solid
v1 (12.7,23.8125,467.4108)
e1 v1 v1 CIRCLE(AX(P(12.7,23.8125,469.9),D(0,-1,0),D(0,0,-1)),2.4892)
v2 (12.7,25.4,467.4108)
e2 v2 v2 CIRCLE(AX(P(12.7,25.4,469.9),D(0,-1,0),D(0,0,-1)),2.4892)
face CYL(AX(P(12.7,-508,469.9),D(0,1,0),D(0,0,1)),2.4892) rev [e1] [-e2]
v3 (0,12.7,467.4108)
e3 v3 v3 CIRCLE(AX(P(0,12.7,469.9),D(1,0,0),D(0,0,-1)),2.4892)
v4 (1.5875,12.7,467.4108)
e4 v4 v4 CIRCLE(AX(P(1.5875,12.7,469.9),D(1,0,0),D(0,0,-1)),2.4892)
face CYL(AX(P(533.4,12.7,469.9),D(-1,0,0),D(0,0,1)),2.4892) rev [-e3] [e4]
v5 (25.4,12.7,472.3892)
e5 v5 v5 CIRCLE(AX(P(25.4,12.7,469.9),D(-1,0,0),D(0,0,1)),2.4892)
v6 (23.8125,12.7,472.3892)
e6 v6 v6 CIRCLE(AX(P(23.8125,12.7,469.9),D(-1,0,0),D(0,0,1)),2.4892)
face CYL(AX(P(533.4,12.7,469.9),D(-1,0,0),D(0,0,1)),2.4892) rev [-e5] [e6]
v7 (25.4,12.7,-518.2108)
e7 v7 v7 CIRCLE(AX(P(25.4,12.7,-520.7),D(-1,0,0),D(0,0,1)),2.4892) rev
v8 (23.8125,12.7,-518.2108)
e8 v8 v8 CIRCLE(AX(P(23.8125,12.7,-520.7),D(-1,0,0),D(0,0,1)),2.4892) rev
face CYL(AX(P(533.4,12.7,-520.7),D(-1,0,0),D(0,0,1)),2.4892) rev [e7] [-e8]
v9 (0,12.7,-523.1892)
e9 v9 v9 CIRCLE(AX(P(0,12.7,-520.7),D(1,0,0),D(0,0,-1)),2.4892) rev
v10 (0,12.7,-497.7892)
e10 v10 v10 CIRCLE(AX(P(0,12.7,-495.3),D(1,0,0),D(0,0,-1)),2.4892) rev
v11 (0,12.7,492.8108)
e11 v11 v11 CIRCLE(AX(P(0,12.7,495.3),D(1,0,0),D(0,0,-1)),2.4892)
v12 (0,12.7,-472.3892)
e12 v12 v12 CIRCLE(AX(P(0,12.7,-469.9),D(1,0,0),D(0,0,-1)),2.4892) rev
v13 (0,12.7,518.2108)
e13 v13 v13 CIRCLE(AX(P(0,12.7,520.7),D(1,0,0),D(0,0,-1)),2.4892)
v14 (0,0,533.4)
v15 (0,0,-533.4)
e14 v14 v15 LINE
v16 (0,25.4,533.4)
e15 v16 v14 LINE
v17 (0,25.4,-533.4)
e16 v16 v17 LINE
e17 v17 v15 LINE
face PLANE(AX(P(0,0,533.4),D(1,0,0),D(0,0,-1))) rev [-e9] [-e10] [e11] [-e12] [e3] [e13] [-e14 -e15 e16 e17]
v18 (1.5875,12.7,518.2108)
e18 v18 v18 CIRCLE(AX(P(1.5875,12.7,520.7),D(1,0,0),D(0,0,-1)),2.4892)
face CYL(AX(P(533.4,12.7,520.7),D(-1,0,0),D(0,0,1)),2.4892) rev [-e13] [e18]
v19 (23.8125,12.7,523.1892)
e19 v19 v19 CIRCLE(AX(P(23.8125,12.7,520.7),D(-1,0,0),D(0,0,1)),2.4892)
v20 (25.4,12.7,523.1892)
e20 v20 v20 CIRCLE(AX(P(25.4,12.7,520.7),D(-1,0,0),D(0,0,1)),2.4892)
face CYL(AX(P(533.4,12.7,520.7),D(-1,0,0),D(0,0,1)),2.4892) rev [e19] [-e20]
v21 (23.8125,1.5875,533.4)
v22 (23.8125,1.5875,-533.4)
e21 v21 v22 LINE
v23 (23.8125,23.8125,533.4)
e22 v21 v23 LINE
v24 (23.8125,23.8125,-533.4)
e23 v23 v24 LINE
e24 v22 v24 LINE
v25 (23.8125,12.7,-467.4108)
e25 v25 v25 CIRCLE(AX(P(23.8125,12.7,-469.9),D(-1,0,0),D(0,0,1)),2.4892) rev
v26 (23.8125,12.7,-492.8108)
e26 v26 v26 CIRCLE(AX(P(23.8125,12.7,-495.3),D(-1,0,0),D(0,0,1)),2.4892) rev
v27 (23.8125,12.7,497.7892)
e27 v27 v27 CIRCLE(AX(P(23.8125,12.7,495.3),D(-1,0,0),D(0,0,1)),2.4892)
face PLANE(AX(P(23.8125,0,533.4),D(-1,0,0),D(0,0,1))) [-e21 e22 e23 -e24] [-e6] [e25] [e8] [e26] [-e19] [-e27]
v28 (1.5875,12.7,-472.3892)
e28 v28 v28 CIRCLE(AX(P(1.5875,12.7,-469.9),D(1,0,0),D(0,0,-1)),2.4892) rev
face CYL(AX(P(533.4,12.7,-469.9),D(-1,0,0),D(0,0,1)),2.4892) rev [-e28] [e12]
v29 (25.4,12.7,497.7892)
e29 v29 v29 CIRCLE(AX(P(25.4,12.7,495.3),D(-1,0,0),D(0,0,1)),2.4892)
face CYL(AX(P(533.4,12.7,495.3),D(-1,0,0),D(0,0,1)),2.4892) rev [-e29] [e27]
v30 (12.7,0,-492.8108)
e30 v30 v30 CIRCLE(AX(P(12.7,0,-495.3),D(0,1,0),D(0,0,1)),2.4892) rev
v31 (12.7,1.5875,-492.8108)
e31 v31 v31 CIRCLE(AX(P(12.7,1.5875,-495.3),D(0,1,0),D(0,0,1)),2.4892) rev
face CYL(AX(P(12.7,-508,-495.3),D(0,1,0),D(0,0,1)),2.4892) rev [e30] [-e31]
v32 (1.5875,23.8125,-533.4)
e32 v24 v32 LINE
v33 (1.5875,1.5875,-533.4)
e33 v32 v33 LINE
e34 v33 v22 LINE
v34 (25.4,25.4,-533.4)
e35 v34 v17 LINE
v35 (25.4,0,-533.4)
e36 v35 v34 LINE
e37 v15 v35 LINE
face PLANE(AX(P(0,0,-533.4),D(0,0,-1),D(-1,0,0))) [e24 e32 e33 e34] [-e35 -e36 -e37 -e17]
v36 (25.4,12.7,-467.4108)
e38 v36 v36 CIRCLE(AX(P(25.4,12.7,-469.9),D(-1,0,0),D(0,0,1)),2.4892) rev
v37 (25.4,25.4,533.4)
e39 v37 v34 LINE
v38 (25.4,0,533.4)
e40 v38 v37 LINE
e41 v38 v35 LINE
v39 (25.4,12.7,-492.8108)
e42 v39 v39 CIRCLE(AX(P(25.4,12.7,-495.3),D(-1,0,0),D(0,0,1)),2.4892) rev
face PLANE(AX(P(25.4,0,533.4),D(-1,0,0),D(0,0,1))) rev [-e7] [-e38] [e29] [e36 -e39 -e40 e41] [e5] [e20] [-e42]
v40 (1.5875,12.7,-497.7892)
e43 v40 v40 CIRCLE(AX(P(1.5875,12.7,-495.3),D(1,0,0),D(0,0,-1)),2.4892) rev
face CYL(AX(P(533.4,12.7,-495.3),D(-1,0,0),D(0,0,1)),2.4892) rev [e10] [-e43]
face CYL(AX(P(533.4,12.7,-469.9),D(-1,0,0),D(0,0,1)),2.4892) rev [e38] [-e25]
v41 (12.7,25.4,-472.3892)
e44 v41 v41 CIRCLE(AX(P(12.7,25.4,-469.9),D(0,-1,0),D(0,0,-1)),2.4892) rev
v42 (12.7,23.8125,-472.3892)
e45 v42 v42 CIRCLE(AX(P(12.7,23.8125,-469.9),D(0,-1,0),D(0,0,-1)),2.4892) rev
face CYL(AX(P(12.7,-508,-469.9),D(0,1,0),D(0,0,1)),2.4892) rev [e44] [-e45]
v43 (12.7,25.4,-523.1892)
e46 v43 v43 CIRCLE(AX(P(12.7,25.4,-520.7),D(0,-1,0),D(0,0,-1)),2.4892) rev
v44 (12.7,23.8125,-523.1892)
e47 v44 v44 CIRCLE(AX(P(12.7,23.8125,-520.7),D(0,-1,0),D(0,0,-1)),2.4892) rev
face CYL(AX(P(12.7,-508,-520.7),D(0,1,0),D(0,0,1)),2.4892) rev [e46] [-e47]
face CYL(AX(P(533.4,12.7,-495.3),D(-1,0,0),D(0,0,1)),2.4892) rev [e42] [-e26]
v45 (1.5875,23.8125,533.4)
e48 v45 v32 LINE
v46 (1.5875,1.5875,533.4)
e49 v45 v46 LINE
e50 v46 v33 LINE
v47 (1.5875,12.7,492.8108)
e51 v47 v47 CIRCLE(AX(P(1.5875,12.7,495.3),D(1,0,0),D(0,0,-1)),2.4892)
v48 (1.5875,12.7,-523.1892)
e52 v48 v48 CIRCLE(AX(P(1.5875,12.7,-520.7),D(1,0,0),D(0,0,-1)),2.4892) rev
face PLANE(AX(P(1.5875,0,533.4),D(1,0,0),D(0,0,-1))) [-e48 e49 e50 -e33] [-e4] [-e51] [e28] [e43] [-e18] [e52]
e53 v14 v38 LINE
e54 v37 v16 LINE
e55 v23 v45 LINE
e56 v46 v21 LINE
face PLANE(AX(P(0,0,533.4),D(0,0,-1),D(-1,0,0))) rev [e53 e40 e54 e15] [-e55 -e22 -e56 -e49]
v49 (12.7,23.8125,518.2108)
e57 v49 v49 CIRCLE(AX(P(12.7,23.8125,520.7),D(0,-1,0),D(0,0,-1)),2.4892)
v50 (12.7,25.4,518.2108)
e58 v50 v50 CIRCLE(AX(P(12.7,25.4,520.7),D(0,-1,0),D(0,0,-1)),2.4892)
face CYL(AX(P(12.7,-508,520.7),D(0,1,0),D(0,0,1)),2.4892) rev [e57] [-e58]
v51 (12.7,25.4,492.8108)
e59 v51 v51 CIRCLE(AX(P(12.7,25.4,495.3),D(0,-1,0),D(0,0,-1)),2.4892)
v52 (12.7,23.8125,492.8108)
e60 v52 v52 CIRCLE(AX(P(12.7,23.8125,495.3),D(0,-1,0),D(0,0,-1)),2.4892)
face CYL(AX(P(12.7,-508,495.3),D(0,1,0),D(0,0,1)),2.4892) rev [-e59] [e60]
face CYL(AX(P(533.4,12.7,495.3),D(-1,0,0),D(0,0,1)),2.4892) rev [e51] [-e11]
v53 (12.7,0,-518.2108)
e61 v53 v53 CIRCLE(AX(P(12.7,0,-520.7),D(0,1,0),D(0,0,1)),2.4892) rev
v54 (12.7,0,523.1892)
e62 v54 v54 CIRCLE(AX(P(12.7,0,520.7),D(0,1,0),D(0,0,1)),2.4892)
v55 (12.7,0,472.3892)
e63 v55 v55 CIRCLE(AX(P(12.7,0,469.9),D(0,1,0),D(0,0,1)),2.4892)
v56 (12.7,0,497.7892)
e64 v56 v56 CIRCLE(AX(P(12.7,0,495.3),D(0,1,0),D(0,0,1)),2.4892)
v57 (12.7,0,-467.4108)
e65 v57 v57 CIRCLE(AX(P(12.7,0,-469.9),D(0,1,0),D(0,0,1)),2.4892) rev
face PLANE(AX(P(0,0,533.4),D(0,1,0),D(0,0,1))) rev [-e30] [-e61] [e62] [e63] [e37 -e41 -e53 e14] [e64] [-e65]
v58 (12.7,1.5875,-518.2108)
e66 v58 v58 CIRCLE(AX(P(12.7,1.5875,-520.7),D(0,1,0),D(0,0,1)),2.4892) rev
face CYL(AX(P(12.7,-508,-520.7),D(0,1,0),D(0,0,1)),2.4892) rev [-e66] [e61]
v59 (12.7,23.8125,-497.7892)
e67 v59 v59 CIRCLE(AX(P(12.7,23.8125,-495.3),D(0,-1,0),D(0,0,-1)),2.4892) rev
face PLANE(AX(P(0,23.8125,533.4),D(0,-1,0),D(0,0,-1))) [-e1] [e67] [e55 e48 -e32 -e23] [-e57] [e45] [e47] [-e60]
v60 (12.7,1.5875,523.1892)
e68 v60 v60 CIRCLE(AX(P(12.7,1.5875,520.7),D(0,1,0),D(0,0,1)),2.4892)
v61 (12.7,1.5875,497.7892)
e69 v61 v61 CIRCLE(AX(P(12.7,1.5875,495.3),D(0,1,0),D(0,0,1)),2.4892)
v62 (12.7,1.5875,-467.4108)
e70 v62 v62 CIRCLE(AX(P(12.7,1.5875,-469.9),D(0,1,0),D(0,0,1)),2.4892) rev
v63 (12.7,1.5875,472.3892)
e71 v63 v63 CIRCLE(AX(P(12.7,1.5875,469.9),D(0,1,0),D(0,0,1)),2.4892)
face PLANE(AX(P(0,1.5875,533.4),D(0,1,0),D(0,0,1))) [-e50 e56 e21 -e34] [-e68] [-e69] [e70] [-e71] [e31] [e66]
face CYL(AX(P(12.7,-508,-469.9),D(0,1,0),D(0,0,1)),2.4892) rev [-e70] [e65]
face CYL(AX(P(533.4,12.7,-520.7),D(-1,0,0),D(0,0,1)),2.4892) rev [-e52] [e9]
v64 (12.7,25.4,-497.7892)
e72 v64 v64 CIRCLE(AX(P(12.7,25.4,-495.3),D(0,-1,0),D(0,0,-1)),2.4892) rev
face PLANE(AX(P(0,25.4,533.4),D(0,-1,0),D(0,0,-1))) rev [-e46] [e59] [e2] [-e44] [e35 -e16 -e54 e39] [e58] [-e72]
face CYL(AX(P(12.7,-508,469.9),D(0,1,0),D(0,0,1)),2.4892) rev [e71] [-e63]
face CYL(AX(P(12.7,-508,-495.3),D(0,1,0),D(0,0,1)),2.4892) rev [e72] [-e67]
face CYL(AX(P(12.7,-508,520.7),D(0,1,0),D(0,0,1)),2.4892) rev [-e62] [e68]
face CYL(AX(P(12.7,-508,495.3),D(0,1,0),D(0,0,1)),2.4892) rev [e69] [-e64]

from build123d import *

# Parameters (mm, degrees)
SKETCH1_W           = 25.4
SKETCH1_H           = 25.4
BOSS_EXTRUDE1_DEPTH = 533.4
SHELL1_T            = -1.5875
SKETCH3_R           = 2.4892
CUT_EXTRUDE1_DEPTH  = 533.4
SKETCH4_R           = 2.4892
CUT_EXTRUDE2_DEPTH  = 533.4


with BuildPart() as part:
    # Sketch1 → Boss-Extrude1 (new, symmetric)
    with BuildSketch(Plane.XY):
        with Locations((12.7, 12.7)):
            Rectangle(SKETCH1_W, SKETCH1_H)
    extrude(amount=BOSS_EXTRUDE1_DEPTH, both=True)

    # Shell1
    shell1_openings = [part.faces().sort_by_distance(p)[0] for p in [
        (12.7, 12.7, 533.4),
        (12.7, 12.7, -533.4),
    ]]
    offset(amount=SHELL1_T, openings=shell1_openings, kind=Kind.INTERSECTION)

    # Sketch3 → Cut-Extrude1 (cut, symmetric)
    with BuildSketch(Plane(origin=(0, 25.4, 0), x_dir=(1, 0, 0), z_dir=(0, 1, 0))):
        with Locations(Location((12.7, -520.7, 0), (0, 0, 90))):
            Circle(SKETCH3_R)
        with Locations(Location((12.7, -495.3, 0), (0, 0, 90))):
            Circle(SKETCH3_R)
        with Locations(Location((12.7, -469.9, 0), (0, 0, 90))):
            Circle(SKETCH3_R)
    cut_extrude1 = extrude(amount=CUT_EXTRUDE1_DEPTH, both=True, mode=Mode.SUBTRACT)

    # Sketch4 → Cut-Extrude2 (cut, symmetric)
    with BuildSketch(Plane.ZY):
        with Locations((520.7, 12.7)):
            Circle(SKETCH4_R)
        with Locations((495.3, 12.7)):
            Circle(SKETCH4_R)
        with Locations((469.9, 12.7)):
            Circle(SKETCH4_R)
    cut_extrude2 = extrude(amount=CUT_EXTRUDE2_DEPTH, both=True, mode=Mode.SUBTRACT)

    # Mirror1: Cut-Extrude1, Cut-Extrude2 across plane
    add(cut_extrude1.mirror(Plane.XY), mode=Mode.SUBTRACT)
    add(cut_extrude2.mirror(Plane.XY), mode=Mode.SUBTRACT)


solid = part.part
